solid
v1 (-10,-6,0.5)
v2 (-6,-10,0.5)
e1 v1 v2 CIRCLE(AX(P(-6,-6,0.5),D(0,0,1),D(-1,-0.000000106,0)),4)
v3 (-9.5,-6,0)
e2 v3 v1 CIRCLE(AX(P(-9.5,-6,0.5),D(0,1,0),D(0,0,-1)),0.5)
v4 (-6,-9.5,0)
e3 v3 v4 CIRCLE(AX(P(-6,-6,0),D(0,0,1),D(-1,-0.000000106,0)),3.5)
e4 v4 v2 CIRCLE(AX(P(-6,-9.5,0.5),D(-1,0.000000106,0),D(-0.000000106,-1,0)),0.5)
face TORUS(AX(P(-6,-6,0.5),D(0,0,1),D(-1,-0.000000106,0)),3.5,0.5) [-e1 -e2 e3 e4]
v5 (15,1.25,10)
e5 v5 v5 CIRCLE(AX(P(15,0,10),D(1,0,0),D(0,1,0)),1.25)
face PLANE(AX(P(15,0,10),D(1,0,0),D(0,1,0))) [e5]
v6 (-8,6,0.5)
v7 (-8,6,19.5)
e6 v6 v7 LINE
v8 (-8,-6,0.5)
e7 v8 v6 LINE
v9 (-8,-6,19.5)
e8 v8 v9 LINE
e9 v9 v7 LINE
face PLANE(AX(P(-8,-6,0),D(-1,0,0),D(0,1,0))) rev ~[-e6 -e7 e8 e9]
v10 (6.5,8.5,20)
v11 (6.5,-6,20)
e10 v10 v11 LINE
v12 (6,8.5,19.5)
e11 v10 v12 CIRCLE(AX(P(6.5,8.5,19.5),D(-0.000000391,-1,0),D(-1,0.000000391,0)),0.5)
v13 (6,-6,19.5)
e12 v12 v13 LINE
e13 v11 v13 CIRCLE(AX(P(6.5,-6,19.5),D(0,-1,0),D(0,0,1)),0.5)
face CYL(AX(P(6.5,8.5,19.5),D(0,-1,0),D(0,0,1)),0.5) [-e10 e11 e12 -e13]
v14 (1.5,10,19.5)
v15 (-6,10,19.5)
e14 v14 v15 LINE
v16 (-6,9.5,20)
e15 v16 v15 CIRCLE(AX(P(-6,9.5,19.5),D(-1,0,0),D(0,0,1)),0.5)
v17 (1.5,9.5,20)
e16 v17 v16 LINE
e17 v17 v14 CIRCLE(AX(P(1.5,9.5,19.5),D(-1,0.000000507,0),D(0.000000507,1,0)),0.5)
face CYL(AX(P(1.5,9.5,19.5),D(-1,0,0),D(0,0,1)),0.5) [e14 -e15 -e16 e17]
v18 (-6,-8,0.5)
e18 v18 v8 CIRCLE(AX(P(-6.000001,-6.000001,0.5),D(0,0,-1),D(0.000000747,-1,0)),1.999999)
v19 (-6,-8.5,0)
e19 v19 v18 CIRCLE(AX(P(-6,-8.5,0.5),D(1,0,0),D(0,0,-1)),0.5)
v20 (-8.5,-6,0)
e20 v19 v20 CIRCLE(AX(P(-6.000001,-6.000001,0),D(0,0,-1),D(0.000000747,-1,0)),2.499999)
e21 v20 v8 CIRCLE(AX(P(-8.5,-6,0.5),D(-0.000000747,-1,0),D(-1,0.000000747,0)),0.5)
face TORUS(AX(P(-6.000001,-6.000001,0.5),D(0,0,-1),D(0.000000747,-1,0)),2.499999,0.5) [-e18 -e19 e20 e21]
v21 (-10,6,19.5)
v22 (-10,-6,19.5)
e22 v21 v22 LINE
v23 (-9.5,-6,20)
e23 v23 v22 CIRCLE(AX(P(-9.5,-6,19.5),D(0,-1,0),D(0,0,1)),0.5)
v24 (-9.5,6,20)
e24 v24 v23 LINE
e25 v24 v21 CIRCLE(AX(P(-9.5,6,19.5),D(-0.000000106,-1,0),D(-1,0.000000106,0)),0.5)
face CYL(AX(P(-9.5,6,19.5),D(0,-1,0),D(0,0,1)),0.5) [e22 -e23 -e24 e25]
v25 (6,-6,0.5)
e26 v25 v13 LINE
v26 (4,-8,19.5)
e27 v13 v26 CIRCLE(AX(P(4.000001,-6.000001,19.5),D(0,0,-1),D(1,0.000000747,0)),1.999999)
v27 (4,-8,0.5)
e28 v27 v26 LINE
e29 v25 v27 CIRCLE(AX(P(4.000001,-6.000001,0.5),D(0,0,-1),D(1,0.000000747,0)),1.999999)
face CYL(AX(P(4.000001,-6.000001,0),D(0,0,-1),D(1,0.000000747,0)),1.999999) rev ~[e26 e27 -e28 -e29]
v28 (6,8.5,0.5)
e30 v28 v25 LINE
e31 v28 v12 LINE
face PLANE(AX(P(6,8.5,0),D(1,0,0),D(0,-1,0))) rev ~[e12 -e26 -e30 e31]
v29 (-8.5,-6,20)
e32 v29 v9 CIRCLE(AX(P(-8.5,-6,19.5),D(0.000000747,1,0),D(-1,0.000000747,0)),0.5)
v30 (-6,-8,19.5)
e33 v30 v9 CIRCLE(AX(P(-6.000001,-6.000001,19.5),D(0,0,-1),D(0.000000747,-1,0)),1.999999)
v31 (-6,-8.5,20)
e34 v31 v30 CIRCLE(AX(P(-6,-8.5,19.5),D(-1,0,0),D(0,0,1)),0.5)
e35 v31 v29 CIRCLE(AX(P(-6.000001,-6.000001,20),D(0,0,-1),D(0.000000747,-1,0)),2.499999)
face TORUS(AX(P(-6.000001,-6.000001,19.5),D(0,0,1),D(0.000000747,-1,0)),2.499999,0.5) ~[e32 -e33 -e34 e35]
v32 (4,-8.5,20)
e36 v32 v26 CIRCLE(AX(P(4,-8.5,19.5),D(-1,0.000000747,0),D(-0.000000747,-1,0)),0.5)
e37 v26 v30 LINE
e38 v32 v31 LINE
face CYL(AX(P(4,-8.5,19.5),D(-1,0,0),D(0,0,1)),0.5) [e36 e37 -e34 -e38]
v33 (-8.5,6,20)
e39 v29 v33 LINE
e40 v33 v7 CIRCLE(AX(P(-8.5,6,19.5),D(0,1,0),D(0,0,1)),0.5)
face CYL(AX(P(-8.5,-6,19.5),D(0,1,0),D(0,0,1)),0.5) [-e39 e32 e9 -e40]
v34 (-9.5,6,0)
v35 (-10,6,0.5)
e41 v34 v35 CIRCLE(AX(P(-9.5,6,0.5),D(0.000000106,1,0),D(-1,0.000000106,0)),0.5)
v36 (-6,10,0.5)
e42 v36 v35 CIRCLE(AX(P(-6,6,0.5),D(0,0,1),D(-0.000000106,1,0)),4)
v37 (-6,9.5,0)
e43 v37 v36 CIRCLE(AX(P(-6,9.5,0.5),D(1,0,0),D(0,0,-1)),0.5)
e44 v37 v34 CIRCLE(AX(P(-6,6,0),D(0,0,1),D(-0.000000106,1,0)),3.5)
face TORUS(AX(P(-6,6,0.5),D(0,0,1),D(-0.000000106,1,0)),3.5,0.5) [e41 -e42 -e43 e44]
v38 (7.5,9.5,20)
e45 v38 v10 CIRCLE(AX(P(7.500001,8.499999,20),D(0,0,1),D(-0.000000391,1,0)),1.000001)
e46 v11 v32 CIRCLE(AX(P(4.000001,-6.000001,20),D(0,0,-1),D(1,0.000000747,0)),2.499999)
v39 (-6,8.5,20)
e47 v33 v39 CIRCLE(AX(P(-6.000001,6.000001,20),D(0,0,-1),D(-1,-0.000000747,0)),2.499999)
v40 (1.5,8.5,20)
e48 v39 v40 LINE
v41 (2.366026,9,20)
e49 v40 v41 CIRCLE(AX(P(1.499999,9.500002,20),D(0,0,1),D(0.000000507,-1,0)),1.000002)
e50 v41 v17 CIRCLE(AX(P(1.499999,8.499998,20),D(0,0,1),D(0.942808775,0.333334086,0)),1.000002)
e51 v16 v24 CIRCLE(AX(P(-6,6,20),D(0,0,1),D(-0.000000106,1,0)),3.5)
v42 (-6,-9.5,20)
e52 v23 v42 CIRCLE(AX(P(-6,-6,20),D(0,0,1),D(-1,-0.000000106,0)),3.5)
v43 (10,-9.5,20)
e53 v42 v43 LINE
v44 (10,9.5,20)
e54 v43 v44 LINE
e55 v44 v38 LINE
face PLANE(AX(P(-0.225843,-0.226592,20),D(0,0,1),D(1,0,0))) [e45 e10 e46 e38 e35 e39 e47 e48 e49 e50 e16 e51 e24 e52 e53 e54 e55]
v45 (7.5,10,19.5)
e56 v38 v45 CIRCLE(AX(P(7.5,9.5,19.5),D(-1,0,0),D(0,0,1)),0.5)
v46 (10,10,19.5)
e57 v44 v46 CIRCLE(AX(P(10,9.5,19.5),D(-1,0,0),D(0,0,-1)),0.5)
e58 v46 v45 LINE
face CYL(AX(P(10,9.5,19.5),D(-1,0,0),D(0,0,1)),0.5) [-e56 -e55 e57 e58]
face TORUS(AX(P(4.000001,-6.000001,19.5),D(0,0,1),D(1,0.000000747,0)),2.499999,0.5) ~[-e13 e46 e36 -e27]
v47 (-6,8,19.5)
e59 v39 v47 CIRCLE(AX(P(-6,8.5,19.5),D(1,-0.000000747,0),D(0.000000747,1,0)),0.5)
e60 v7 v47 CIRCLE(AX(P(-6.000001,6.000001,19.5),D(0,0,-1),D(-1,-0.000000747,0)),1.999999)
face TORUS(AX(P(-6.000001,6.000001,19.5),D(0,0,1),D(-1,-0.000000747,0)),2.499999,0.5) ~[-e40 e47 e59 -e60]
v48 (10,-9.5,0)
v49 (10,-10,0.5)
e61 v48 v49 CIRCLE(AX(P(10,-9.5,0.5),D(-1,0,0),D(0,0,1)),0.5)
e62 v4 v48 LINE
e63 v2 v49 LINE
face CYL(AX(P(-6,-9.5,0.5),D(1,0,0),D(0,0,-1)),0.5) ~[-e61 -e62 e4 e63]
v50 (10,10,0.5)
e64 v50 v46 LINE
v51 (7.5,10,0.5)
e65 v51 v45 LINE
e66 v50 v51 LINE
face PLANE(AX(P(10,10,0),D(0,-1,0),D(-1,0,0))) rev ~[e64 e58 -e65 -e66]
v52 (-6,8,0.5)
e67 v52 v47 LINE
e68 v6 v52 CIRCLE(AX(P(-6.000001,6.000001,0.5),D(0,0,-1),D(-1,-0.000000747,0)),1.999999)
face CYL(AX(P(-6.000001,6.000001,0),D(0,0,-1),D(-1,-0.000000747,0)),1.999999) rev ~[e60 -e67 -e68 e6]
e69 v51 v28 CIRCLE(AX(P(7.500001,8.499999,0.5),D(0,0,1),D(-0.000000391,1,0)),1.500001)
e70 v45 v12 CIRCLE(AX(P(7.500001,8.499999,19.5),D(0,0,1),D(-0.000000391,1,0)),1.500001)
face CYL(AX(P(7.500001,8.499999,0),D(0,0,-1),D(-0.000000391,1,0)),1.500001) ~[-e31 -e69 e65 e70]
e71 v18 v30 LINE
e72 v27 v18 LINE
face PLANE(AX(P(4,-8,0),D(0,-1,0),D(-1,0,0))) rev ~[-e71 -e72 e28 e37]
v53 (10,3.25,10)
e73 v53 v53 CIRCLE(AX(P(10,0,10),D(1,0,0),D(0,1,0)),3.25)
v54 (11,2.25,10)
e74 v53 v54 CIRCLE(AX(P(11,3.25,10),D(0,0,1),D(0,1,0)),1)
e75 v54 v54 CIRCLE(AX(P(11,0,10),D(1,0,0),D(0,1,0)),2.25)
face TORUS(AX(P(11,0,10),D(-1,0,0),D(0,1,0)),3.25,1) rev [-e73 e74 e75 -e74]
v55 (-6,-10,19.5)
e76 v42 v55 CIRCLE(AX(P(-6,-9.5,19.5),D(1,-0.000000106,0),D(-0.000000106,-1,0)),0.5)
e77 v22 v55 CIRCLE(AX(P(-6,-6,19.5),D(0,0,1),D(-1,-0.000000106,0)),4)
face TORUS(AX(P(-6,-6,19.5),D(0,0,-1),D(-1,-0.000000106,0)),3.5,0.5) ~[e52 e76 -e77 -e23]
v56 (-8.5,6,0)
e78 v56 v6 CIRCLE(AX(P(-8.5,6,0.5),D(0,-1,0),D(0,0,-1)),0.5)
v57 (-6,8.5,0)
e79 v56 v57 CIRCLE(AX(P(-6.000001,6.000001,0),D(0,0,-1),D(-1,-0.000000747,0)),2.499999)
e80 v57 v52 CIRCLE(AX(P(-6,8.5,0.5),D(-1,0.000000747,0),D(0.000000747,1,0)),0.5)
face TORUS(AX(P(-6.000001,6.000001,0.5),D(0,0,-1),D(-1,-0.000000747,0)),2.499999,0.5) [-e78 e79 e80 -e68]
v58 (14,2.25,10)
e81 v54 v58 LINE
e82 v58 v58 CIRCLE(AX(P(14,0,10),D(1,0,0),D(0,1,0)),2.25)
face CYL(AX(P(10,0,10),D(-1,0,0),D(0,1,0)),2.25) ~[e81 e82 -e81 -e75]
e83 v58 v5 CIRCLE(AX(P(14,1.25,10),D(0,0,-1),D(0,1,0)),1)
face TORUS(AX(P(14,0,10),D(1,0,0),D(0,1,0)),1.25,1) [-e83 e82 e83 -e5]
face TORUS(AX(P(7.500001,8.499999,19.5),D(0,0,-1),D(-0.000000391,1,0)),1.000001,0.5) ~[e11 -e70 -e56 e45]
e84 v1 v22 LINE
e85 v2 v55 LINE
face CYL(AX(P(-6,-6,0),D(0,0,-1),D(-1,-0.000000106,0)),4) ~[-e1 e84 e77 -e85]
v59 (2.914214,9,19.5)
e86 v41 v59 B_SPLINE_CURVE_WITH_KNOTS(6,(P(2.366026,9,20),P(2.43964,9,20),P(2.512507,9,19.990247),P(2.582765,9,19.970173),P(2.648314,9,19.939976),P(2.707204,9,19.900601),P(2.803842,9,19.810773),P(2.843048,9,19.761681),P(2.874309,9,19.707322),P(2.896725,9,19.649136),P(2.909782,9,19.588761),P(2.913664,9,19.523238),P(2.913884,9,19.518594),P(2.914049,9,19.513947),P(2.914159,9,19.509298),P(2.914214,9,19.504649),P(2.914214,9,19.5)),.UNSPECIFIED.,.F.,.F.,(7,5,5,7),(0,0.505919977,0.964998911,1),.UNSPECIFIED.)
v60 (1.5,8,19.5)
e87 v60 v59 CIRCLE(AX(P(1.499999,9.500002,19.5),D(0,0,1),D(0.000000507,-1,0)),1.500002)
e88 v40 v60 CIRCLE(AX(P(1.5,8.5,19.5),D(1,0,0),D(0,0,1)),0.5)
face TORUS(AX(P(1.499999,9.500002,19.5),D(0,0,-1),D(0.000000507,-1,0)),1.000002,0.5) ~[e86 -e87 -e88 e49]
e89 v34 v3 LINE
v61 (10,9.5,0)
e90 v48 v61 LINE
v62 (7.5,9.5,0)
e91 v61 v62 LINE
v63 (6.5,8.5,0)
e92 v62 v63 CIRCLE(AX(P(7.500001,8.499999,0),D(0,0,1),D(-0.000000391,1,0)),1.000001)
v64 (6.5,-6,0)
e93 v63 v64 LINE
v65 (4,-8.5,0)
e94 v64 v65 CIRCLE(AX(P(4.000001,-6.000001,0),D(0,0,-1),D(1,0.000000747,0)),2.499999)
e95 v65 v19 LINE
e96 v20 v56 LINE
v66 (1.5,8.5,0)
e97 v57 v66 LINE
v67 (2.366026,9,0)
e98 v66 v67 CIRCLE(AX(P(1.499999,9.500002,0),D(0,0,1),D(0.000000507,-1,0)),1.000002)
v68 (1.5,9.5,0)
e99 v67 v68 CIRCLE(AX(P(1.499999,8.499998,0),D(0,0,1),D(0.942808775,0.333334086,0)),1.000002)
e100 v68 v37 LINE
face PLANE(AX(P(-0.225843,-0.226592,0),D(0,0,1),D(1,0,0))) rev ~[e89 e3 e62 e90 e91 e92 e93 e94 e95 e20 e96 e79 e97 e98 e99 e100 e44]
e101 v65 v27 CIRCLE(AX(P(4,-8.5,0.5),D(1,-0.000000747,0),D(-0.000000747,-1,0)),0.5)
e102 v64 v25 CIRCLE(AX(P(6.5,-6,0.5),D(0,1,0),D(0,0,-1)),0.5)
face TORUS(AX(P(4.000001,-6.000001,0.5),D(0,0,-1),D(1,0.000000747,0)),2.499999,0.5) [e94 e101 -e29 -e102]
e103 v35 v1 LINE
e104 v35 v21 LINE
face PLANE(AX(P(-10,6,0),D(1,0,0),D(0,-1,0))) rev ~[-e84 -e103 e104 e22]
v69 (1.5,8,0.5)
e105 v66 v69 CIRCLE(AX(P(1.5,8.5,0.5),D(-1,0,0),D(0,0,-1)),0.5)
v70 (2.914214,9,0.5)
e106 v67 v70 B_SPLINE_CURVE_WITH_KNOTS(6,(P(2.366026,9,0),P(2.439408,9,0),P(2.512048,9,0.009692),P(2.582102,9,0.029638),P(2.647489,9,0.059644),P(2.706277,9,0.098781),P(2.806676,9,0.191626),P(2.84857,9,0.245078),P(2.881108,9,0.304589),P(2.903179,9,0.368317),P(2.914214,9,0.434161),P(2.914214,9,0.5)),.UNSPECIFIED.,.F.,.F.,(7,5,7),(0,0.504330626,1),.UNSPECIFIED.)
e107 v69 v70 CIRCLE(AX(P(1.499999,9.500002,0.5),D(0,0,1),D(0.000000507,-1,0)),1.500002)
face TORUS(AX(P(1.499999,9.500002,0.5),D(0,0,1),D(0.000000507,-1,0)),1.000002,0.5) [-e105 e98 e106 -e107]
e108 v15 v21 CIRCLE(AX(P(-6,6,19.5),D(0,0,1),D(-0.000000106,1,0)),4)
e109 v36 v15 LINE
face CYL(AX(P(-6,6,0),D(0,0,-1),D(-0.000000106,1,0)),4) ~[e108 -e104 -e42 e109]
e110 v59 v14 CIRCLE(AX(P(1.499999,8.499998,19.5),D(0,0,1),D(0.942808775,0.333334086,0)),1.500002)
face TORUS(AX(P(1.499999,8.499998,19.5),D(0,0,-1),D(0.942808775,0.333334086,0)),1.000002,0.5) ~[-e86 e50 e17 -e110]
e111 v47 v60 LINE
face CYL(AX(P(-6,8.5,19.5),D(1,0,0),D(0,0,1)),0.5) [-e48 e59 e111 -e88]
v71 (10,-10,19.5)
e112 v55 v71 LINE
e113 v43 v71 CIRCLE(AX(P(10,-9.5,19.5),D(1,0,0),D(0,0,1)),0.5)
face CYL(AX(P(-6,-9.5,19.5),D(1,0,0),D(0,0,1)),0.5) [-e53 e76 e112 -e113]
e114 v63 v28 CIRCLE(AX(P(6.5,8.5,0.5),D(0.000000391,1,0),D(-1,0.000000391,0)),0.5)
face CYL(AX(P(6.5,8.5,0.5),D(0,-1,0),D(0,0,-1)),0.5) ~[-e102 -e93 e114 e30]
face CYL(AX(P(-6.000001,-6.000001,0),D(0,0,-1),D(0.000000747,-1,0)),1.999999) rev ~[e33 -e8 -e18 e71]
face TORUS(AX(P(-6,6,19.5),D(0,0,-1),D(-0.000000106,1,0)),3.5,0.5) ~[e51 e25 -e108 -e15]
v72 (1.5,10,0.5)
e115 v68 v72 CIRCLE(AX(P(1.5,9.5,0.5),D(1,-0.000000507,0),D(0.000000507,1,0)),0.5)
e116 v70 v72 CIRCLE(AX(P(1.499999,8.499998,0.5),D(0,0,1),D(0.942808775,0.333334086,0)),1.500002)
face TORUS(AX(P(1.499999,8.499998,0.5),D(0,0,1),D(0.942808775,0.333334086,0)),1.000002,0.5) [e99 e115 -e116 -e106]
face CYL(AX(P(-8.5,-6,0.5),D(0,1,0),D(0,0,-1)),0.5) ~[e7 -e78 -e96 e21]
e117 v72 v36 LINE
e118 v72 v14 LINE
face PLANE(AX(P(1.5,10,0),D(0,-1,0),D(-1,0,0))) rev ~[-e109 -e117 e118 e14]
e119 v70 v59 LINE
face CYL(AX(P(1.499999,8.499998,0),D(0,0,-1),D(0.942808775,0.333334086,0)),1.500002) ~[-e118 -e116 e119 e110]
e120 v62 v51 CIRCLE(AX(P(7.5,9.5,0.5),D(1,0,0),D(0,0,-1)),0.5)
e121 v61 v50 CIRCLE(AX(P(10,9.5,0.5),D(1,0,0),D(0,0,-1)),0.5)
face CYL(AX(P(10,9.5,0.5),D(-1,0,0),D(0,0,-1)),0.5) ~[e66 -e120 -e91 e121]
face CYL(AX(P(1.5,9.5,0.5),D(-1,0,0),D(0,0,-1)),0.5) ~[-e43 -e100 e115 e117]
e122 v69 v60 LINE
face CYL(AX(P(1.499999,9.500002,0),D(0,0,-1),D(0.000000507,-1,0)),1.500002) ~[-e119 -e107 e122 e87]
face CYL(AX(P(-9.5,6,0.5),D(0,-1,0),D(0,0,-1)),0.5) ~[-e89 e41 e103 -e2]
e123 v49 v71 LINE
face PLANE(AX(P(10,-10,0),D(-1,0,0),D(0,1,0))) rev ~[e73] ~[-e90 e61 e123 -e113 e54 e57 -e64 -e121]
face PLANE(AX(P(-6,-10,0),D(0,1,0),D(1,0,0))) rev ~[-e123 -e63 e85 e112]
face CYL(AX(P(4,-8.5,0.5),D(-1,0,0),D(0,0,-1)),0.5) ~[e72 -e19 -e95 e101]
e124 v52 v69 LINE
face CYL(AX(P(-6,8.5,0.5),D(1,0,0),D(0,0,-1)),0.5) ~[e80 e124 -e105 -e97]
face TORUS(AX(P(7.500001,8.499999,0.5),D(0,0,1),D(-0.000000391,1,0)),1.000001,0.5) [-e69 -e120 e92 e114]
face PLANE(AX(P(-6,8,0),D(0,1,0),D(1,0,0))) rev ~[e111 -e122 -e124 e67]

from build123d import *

# Parameters (mm, degrees)
F1_DEPTH = 20
F2_R     = 2.25
F3_DEPTH = 5
F4_R     = 1
F5_R     = 0.5


with BuildPart() as f1:
    # F0 (on Top) → F1 (new body)
    with BuildSketch(Plane.XY):
        with BuildLine():
            Line((-6, -10), (10, -10))
            Line((10, -10), (10, 10))
            Line((10, 10), (7.5, 10))
            ThreePointArc((7.5, 10), (6.43934, 9.56066), (6, 8.5))
            Line((6, 8.5), (6, -6))
            ThreePointArc((6, -6), (5.414214, -7.414214), (4, -8))
            Line((4, -8), (-6, -8))
            ThreePointArc((-6, -8), (-7.414214, -7.414214), (-8, -6))
            Line((-8, -6), (-8, 6))
            ThreePointArc((-8, 6), (-7.414214, 7.414214), (-6, 8))
            Line((-6, 8), (1.5, 8))
            ThreePointArc((1.5, 8), (2.366025, 8.275255), (2.914214, 9))
            ThreePointArc((2.914214, 9), (2.366025, 9.724745), (1.5, 10))
            Line((1.5, 10), (-6, 10))
            ThreePointArc((-6, 10), (-8.828427, 8.828427), (-10, 6))
            Line((-10, 6), (-10, -6))
            ThreePointArc((-10, -6), (-8.828427, -8.828427), (-6, -10))
        make_face()
    extrude(amount=F1_DEPTH)

    # F2 (on face) → F3 (join)
    with BuildSketch(Plane.YZ.offset(10)):
        with Locations((0, 10)):
            Circle(F2_R)
    extrude(amount=F3_DEPTH)

    # F4
    f4_edges = [f1.edges().sort_by_distance(p)[0] for p in [
        (15, -2.25, 10),
        (10, -2.25, 10),
    ]]
    fillet(f4_edges, radius=F4_R)

    # F5
    f5_edges = [f1.edges().sort_by_distance(p)[0] for p in [
        (-8, 0, 20),
        (-8, 0, 0),
        (-10, 0, 20),
        (-10, 0, 0),
    ]]
    fillet(f5_edges, radius=F5_R)


solid = f1.part
